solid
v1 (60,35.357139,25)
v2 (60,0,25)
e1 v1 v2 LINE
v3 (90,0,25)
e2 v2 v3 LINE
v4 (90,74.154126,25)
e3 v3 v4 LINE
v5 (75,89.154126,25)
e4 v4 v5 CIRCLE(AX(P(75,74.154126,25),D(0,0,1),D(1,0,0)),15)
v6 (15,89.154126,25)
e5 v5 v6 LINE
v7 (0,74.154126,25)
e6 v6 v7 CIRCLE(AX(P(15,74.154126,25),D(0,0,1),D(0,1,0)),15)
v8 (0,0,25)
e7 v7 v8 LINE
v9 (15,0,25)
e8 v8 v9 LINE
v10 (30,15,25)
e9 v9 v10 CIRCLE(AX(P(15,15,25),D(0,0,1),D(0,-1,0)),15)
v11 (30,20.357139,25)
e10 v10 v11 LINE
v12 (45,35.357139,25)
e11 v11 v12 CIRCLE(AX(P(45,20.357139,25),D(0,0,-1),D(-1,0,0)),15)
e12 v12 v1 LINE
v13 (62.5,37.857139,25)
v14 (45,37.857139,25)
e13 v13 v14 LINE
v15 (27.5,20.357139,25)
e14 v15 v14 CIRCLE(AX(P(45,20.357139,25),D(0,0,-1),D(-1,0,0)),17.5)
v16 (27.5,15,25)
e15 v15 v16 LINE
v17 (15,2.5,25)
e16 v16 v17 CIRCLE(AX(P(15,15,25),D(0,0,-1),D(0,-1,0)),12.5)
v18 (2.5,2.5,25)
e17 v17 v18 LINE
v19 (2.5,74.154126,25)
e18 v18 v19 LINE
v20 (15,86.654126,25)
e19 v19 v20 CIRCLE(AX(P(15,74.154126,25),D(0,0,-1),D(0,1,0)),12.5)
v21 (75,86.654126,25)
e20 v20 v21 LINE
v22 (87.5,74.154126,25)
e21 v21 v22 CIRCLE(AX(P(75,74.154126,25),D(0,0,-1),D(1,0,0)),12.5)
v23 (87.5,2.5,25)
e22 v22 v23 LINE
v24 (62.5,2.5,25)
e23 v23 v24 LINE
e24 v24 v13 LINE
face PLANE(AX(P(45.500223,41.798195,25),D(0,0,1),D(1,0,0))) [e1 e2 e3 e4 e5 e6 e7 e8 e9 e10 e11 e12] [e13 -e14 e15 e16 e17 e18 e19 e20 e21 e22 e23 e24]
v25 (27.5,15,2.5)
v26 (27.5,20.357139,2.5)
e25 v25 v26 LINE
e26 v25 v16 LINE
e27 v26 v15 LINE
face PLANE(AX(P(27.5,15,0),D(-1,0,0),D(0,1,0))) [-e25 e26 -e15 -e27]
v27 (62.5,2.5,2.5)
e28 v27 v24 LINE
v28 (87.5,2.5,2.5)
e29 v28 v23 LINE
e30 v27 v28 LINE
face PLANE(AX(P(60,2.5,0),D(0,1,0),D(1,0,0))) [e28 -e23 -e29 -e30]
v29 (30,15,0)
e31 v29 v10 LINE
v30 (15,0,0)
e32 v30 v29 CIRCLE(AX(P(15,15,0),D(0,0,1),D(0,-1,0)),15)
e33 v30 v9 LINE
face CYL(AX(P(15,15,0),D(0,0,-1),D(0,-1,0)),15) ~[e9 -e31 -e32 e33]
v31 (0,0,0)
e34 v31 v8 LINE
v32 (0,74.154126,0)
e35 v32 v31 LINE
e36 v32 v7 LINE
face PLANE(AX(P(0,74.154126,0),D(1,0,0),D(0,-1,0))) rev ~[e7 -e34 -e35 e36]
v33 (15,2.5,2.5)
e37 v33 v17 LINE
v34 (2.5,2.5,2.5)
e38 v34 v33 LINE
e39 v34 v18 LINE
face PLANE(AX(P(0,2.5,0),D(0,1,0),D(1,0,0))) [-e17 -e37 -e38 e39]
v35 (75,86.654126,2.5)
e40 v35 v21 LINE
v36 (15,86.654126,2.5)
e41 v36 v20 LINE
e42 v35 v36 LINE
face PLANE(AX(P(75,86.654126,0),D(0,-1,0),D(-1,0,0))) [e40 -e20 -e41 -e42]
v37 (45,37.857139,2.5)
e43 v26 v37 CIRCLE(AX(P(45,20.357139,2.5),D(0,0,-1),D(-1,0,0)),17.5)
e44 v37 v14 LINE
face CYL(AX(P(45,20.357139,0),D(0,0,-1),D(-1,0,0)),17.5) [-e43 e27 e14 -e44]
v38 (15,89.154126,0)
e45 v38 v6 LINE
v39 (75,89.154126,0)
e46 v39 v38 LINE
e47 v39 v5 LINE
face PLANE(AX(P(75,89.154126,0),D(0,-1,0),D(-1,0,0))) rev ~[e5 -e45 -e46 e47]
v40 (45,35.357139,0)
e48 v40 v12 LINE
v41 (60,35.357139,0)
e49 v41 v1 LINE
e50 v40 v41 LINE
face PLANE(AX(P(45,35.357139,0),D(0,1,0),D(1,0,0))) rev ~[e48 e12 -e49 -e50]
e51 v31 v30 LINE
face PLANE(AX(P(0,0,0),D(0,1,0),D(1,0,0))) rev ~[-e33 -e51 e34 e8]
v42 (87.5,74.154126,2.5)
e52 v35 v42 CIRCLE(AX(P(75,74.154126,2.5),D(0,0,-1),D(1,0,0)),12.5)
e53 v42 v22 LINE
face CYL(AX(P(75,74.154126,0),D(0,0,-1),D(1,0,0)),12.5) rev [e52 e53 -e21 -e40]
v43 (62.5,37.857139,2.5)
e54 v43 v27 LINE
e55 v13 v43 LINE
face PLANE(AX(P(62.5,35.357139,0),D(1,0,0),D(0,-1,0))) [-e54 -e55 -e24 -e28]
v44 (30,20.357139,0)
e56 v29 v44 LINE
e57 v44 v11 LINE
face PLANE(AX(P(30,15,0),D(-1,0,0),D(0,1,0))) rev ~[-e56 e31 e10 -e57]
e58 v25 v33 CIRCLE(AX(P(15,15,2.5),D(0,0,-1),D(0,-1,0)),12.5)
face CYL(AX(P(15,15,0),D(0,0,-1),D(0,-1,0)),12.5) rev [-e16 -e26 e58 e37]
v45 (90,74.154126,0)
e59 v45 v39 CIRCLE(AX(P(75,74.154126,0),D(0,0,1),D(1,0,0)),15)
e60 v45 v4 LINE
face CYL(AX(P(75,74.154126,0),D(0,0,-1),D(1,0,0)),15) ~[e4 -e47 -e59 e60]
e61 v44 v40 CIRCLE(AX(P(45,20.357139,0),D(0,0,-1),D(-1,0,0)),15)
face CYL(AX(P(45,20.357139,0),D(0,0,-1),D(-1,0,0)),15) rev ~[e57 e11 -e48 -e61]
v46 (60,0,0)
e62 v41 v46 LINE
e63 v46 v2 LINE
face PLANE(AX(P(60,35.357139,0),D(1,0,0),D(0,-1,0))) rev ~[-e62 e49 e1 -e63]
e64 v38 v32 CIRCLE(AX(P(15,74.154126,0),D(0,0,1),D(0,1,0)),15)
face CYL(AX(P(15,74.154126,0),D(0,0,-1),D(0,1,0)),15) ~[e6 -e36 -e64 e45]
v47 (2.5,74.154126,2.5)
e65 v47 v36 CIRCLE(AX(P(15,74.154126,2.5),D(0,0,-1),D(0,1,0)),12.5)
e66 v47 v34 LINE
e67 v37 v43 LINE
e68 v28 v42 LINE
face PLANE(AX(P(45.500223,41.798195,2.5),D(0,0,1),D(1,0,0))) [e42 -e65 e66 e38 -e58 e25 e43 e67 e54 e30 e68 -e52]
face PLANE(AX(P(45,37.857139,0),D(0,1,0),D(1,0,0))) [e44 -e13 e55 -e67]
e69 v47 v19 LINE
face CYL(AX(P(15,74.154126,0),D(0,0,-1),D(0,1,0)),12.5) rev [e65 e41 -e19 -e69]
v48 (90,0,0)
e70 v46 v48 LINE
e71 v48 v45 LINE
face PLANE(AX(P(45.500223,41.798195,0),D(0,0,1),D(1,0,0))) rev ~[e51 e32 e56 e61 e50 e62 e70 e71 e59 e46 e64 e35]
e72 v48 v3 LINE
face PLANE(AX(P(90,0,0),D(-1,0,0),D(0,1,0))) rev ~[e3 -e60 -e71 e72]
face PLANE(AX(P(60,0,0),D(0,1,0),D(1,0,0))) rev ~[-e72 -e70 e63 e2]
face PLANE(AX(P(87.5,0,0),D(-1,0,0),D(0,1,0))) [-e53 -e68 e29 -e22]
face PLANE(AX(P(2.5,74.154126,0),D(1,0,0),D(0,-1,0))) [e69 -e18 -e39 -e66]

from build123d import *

# Parameters (mm, degrees)
F1_DEPTH = 25
F2_T     = -2.5


with BuildPart() as f1:
    # F0 (on Top) → F1 (new body)
    with BuildSketch(Plane.XY):
        with BuildLine():
            Line((0, 74.154125931), (0, 0))
            Line((0, 0), (15, 0))
            ThreePointArc((15, 0), (25.6066017178, 4.3933982822), (30, 15))
            Line((30, 15), (30, 20.3571386127))
            ThreePointArc((30, 20.3571386127), (34.3933982822, 30.9637403305), (45, 35.3571386127))
            Line((45, 35.3571386127), (60, 35.3571386127))
            Line((60, 35.3571386127), (60, 0))
            Line((60, 0), (90, 0))
            Line((90, 0), (90, 74.154125931))
            ThreePointArc((90, 74.154125931), (85.6066017178, 84.7607276488), (75, 89.154125931))
            Line((75, 89.154125931), (15, 89.154125931))
            ThreePointArc((15, 89.154125931), (4.3933982822, 84.7607276488), (0, 74.154125931))
        make_face()
    extrude(amount=F1_DEPTH)

    # F2
    f2_openings = [f1.faces().sort_by_distance(p)[0] for p in [
        (45.047121, 48.353904, 25),
    ]]
    offset(amount=F2_T, openings=f2_openings, kind=Kind.INTERSECTION)


solid = f1.part
